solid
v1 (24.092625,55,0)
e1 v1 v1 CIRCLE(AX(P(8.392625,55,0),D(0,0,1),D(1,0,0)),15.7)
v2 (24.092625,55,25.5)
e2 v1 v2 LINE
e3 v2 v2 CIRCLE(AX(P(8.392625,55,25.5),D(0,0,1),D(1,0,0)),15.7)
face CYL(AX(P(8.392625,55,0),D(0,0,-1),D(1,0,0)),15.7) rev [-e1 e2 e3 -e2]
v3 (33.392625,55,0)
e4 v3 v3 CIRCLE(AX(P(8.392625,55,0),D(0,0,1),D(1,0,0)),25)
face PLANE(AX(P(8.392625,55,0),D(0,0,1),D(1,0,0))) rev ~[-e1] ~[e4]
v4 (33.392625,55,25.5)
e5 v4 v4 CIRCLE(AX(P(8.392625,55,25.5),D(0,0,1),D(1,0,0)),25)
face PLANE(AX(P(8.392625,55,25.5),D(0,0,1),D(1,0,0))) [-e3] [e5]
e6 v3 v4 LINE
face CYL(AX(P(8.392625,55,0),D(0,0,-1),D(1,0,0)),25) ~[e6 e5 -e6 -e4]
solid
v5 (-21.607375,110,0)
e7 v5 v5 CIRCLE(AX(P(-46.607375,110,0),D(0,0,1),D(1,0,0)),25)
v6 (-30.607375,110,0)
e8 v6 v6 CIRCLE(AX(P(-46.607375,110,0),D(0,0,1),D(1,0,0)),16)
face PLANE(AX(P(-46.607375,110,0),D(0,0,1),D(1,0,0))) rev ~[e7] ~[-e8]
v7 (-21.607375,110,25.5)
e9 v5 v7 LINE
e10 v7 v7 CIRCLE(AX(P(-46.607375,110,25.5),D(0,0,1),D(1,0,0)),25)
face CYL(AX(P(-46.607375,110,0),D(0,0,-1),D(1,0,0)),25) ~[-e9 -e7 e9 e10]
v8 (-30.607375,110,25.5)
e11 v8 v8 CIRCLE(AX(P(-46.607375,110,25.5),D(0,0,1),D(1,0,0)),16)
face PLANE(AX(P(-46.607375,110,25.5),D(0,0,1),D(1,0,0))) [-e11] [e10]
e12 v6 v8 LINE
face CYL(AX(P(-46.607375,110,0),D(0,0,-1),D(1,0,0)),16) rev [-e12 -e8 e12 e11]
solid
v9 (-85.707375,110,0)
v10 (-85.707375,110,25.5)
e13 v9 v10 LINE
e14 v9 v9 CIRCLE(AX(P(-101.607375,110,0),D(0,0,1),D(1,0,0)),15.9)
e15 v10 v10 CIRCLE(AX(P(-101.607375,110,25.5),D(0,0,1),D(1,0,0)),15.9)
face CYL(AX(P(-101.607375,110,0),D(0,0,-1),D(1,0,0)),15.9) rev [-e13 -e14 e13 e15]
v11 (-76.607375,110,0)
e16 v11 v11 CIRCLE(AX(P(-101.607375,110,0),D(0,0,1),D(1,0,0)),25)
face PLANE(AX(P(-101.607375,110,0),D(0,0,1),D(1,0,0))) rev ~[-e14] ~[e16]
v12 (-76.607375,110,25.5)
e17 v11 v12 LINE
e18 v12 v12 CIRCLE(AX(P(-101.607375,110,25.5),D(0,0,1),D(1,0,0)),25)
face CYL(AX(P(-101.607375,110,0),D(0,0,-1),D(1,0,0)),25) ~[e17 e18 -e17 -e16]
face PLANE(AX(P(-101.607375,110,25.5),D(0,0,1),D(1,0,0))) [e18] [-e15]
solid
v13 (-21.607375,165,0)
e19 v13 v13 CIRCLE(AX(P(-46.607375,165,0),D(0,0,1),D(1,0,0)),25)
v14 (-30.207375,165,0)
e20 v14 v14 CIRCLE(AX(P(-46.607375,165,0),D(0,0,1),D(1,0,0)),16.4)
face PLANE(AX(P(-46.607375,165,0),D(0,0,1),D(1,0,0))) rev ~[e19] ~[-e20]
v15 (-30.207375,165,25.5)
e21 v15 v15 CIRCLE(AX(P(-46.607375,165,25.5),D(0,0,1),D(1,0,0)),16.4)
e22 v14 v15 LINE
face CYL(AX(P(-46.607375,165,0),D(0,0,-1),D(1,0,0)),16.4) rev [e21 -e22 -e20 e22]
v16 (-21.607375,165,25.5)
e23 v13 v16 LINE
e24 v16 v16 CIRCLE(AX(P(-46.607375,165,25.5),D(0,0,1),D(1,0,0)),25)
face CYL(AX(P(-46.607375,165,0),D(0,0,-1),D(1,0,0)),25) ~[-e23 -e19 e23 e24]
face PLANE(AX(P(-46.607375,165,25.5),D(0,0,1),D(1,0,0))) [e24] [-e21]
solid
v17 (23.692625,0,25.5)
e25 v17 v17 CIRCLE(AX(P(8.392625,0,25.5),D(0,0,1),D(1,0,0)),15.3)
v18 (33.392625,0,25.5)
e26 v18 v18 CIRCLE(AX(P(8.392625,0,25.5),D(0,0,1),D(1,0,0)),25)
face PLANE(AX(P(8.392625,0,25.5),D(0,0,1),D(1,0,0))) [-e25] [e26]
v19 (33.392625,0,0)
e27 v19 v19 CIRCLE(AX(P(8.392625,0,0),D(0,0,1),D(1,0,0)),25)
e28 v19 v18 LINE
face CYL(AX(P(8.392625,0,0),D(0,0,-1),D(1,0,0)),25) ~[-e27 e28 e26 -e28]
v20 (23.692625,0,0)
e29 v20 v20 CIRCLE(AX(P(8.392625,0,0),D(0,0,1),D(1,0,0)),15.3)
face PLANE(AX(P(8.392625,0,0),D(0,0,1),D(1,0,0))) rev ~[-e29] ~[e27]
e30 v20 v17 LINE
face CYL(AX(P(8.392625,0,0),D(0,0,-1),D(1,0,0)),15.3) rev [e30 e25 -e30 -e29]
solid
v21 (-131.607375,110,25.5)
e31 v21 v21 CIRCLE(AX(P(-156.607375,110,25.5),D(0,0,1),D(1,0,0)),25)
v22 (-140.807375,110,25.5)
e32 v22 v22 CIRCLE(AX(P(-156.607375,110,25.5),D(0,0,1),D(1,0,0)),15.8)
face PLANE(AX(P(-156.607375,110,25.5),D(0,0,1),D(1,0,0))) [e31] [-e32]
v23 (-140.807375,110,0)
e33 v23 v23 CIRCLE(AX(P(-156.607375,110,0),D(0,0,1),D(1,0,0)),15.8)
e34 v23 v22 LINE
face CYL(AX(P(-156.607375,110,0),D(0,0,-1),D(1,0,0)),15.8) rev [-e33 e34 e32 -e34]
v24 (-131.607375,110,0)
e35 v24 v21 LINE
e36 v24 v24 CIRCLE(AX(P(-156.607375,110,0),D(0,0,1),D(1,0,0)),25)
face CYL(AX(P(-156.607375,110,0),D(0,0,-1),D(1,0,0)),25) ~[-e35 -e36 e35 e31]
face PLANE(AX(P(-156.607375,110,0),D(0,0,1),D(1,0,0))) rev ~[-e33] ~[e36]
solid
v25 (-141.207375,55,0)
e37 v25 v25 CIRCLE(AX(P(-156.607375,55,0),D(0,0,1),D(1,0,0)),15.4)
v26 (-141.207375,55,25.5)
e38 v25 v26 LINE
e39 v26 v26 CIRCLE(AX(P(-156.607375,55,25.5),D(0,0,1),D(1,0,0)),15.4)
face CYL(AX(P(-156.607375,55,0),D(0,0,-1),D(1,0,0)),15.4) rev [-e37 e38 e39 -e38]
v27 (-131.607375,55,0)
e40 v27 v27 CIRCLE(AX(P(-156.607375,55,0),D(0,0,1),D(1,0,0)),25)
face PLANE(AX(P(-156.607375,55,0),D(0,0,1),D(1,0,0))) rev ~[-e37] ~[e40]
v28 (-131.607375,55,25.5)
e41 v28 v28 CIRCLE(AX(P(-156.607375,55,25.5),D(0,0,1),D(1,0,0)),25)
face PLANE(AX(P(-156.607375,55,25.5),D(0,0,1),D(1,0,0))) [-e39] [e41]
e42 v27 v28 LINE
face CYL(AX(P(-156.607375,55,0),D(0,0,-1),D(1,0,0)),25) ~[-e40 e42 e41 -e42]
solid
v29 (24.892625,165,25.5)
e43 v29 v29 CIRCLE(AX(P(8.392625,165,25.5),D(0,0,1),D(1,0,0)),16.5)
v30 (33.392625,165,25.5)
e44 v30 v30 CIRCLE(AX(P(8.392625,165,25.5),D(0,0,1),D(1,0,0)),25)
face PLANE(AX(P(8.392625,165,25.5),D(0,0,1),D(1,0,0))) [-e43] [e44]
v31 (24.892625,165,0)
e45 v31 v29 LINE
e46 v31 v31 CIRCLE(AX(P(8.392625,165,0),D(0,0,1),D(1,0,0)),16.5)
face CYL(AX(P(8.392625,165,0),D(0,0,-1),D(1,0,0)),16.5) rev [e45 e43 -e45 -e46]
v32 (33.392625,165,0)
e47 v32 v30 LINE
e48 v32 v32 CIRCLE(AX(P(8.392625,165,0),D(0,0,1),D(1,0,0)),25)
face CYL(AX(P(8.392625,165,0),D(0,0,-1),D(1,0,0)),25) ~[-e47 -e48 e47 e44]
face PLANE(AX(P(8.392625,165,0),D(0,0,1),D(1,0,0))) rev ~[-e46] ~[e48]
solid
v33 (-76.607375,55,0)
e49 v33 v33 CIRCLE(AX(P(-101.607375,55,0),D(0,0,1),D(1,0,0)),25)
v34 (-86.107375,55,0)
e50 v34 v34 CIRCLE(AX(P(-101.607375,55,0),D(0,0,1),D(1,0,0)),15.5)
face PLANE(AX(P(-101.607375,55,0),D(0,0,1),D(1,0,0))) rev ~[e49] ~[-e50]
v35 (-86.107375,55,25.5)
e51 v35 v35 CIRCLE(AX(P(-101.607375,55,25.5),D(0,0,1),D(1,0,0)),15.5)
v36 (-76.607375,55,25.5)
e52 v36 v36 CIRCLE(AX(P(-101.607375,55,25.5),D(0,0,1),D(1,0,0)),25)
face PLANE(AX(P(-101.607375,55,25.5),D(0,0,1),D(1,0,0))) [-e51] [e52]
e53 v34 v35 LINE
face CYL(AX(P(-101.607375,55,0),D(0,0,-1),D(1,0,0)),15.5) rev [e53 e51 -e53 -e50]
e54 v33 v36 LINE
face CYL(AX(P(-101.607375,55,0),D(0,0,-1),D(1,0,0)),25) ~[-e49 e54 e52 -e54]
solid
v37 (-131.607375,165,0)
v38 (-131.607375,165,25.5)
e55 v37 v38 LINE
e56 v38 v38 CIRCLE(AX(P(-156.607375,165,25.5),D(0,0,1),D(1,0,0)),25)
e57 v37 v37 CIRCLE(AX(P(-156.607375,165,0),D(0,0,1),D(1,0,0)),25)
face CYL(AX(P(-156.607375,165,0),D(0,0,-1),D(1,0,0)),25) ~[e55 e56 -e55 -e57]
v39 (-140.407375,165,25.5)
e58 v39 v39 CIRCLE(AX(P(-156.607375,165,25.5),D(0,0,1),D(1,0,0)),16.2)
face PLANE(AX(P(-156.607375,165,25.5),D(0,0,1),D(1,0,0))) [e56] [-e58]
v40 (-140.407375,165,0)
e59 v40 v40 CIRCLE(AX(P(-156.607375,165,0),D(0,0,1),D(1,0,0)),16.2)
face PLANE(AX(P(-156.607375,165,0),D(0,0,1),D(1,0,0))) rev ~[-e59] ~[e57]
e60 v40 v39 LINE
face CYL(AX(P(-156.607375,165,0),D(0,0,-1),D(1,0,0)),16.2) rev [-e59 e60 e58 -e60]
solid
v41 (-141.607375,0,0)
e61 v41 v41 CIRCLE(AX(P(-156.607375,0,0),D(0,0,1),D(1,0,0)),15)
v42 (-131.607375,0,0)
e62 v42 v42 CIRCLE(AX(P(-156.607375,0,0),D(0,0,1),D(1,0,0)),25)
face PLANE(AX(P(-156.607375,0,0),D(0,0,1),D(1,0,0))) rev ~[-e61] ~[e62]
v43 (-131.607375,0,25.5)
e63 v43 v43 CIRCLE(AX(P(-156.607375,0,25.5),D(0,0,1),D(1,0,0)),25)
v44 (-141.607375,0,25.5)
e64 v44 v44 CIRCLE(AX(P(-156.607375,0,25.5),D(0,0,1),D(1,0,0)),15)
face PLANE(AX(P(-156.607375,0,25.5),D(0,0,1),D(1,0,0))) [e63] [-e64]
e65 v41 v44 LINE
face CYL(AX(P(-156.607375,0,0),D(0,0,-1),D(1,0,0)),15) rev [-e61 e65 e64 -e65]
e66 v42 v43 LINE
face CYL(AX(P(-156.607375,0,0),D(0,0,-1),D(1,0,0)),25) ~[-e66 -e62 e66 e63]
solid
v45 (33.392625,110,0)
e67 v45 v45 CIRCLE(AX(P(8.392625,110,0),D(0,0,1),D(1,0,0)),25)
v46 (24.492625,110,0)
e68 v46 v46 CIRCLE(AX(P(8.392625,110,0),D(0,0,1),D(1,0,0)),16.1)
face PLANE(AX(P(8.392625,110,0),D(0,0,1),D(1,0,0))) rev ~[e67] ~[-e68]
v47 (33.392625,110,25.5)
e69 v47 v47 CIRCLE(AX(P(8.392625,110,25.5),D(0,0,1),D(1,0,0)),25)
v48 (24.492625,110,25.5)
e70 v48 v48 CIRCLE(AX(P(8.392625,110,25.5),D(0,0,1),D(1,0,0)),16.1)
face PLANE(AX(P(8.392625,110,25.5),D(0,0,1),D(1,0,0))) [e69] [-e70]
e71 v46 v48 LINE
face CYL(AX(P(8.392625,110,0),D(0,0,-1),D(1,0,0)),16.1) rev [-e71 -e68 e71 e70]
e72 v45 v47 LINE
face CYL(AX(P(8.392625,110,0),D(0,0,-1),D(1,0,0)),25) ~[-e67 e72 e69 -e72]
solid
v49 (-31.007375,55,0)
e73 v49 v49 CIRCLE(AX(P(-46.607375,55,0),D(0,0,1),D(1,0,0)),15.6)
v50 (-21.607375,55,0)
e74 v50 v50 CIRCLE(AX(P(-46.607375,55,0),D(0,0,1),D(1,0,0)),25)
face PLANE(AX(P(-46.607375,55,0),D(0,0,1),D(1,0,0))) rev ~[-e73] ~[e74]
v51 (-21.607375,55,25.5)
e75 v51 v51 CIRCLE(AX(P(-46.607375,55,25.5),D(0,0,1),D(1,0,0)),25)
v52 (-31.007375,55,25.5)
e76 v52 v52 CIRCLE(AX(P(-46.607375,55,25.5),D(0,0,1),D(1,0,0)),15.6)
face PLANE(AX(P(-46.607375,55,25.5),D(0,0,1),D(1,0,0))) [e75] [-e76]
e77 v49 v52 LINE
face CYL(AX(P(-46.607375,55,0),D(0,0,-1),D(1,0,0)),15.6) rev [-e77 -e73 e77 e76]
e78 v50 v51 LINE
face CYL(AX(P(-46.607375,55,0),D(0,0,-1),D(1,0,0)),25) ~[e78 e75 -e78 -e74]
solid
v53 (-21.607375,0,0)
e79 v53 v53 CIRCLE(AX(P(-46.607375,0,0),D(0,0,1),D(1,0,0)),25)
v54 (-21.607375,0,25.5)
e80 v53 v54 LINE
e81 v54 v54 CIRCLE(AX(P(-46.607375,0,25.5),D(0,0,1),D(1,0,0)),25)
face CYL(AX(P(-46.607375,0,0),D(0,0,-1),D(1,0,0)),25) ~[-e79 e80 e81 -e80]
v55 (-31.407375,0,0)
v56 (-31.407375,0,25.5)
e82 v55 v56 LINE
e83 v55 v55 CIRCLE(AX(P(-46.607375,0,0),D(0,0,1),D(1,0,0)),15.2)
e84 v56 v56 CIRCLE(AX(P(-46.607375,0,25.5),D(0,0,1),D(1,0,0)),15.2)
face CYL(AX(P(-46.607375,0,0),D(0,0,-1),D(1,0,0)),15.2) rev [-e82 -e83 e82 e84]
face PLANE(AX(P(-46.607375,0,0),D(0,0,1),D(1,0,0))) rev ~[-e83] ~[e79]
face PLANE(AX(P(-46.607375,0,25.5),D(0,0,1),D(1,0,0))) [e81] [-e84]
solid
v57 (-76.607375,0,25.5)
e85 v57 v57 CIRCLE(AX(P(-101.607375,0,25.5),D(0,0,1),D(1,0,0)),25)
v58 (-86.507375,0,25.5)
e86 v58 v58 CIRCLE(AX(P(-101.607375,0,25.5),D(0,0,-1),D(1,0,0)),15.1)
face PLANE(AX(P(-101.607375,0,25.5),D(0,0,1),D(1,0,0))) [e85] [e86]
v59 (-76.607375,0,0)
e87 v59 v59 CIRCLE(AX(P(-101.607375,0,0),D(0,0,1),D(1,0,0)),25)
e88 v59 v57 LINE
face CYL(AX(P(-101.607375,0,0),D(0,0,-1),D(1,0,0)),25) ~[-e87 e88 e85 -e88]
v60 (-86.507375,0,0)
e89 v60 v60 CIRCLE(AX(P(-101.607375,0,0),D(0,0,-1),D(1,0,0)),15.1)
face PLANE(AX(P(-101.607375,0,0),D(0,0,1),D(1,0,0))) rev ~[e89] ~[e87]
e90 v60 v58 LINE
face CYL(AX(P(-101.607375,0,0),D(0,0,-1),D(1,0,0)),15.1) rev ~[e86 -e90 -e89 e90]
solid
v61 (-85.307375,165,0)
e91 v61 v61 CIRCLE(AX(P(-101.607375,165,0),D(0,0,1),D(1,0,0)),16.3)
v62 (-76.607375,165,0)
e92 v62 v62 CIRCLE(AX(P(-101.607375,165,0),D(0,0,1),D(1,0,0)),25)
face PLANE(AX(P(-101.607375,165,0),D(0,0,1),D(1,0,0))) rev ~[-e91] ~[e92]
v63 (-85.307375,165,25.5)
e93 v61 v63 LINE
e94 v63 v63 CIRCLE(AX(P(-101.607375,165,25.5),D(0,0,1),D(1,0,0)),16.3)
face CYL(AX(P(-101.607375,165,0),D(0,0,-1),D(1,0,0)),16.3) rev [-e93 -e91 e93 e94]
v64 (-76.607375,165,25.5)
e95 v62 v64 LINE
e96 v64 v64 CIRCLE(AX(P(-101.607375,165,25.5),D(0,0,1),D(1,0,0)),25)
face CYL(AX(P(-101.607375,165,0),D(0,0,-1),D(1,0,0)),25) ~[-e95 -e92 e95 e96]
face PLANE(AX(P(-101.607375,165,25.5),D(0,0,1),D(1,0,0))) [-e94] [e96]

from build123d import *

# Parameters (mm, degrees)
F0_R     = 25
F0_R_2   = 15
F1_DEPTH = 25.5
F0_R_3   = 15.4
F0_R_4   = 15.8
F0_R_5   = 16.2
F0_R_6   = 15.5
F0_R_7   = 15.9
F0_R_8   = 16.3
F0_R_9   = 15.2
F0_R_10  = 15.6
F0_R_11  = 16
F0_R_12  = 16.4
F0_R_13  = 15.3
F0_R_14  = 15.7
F0_R_15  = 16.1
F0_R_16  = 16.5


with BuildPart() as f1:
    # F0 (on Top) → F1 (new body)
    with BuildSketch(Plane.XY):
        with Locations((-156.6073745489, 0)):
            Circle(F0_R)
        with Locations((-156.6073745489, 0)):
            Circle(F0_R_2, mode=Mode.SUBTRACT)
    extrude(amount=F1_DEPTH)


with BuildPart() as f1b:
    # F0 (on Top) → F1, piece 2 (new body)
    with BuildSketch(Plane.XY):
        with Locations((-156.6073745489, 55)):
            Circle(F0_R)
        with Locations((-156.6073745489, 55)):
            Circle(F0_R_3, mode=Mode.SUBTRACT)
    extrude(amount=F1_DEPTH)


with BuildPart() as f1c:
    # F0 (on Top) → F1, piece 3 (new body)
    with BuildSketch(Plane.XY):
        with Locations((-156.6073745489, 110)):
            Circle(F0_R)
        with Locations((-156.6073745489, 110)):
            Circle(F0_R_4, mode=Mode.SUBTRACT)
    extrude(amount=F1_DEPTH)


with BuildPart() as f1d:
    # F0 (on Top) → F1, piece 4 (new body)
    with BuildSketch(Plane.XY):
        with Locations((-156.6073745489, 165)):
            Circle(F0_R)
        with Locations((-156.6073745489, 165)):
            Circle(F0_R_5, mode=Mode.SUBTRACT)
    extrude(amount=F1_DEPTH)


with BuildPart() as f1e:
    # F0 (on Top) → F1, piece 5 (new body)
    with BuildSketch(Plane.XY):
        with Locations((-101.6073745489, 0)):
            Circle(F0_R)
        with BuildLine():
            ThreePointArc((-116.7073745489, 0), (-101.6073745489, 15.1), (-86.5073745489, 0))
            ThreePointArc((-86.5073745489, 0), (-101.6073745489, -15.1), (-116.7073745489, 0))
        make_face(mode=Mode.SUBTRACT)
    extrude(amount=F1_DEPTH)


with BuildPart() as f1f:
    # F0 (on Top) → F1, piece 6 (new body)
    with BuildSketch(Plane.XY):
        with Locations((-101.6073745489, 55)):
            Circle(F0_R)
        with Locations((-101.6073745489, 55)):
            Circle(F0_R_6, mode=Mode.SUBTRACT)
    extrude(amount=F1_DEPTH)


with BuildPart() as f1g:
    # F0 (on Top) → F1, piece 7 (new body)
    with BuildSketch(Plane.XY):
        with Locations((-101.6073745489, 110)):
            Circle(F0_R)
        with Locations((-101.6073745489, 110)):
            Circle(F0_R_7, mode=Mode.SUBTRACT)
    extrude(amount=F1_DEPTH)


with BuildPart() as f1h:
    # F0 (on Top) → F1, piece 8 (new body)
    with BuildSketch(Plane.XY):
        with Locations((-101.6073745489, 165)):
            Circle(F0_R)
        with Locations((-101.6073745489, 165)):
            Circle(F0_R_8, mode=Mode.SUBTRACT)
    extrude(amount=F1_DEPTH)


with BuildPart() as f1i:
    # F0 (on Top) → F1, piece 9 (new body)
    with BuildSketch(Plane.XY):
        with Locations((-46.6073745489, 0)):
            Circle(F0_R)
        with Locations((-46.6073745489, 0)):
            Circle(F0_R_9, mode=Mode.SUBTRACT)
    extrude(amount=F1_DEPTH)


with BuildPart() as f1j:
    # F0 (on Top) → F1, piece 10 (new body)
    with BuildSketch(Plane.XY):
        with Locations((-46.6073745489, 55)):
            Circle(F0_R)
        with Locations((-46.6073745489, 55)):
            Circle(F0_R_10, mode=Mode.SUBTRACT)
    extrude(amount=F1_DEPTH)


with BuildPart() as f1k:
    # F0 (on Top) → F1, piece 11 (new body)
    with BuildSketch(Plane.XY):
        with Locations((-46.6073745489, 110)):
            Circle(F0_R)
        with Locations((-46.6073745489, 110)):
            Circle(F0_R_11, mode=Mode.SUBTRACT)
    extrude(amount=F1_DEPTH)


with BuildPart() as f1l:
    # F0 (on Top) → F1, piece 12 (new body)
    with BuildSketch(Plane.XY):
        with Locations((-46.6073745489, 165)):
            Circle(F0_R)
        with Locations((-46.6073745489, 165)):
            Circle(F0_R_12, mode=Mode.SUBTRACT)
    extrude(amount=F1_DEPTH)


with BuildPart() as f1m:
    # F0 (on Top) → F1, piece 13 (new body)
    with BuildSketch(Plane.XY):
        with Locations((8.3926254511, 0)):
            Circle(F0_R)
        with Locations((8.3926254511, 0)):
            Circle(F0_R_13, mode=Mode.SUBTRACT)
    extrude(amount=F1_DEPTH)


with BuildPart() as f1n:
    # F0 (on Top) → F1, piece 14 (new body)
    with BuildSketch(Plane.XY):
        with Locations((8.3926254511, 55)):
            Circle(F0_R)
        with Locations((8.3926254511, 55)):
            Circle(F0_R_14, mode=Mode.SUBTRACT)
    extrude(amount=F1_DEPTH)


with BuildPart() as f1o:
    # F0 (on Top) → F1, piece 15 (new body)
    with BuildSketch(Plane.XY):
        with Locations((8.3926254511, 110)):
            Circle(F0_R)
        with Locations((8.3926254511, 110)):
            Circle(F0_R_15, mode=Mode.SUBTRACT)
    extrude(amount=F1_DEPTH)


with BuildPart() as f1p:
    # F0 (on Top) → F1, piece 16 (new body)
    with BuildSketch(Plane.XY):
        with Locations((8.3926254511, 165)):
            Circle(F0_R)
        with Locations((8.3926254511, 165)):
            Circle(F0_R_16, mode=Mode.SUBTRACT)
    extrude(amount=F1_DEPTH)


solid = Compound([f1.part, f1b.part, f1c.part, f1d.part, f1e.part, f1f.part, f1g.part, f1h.part, f1i.part, f1j.part, f1k.part, f1l.part, f1m.part, f1n.part, f1o.part, f1p.part])
